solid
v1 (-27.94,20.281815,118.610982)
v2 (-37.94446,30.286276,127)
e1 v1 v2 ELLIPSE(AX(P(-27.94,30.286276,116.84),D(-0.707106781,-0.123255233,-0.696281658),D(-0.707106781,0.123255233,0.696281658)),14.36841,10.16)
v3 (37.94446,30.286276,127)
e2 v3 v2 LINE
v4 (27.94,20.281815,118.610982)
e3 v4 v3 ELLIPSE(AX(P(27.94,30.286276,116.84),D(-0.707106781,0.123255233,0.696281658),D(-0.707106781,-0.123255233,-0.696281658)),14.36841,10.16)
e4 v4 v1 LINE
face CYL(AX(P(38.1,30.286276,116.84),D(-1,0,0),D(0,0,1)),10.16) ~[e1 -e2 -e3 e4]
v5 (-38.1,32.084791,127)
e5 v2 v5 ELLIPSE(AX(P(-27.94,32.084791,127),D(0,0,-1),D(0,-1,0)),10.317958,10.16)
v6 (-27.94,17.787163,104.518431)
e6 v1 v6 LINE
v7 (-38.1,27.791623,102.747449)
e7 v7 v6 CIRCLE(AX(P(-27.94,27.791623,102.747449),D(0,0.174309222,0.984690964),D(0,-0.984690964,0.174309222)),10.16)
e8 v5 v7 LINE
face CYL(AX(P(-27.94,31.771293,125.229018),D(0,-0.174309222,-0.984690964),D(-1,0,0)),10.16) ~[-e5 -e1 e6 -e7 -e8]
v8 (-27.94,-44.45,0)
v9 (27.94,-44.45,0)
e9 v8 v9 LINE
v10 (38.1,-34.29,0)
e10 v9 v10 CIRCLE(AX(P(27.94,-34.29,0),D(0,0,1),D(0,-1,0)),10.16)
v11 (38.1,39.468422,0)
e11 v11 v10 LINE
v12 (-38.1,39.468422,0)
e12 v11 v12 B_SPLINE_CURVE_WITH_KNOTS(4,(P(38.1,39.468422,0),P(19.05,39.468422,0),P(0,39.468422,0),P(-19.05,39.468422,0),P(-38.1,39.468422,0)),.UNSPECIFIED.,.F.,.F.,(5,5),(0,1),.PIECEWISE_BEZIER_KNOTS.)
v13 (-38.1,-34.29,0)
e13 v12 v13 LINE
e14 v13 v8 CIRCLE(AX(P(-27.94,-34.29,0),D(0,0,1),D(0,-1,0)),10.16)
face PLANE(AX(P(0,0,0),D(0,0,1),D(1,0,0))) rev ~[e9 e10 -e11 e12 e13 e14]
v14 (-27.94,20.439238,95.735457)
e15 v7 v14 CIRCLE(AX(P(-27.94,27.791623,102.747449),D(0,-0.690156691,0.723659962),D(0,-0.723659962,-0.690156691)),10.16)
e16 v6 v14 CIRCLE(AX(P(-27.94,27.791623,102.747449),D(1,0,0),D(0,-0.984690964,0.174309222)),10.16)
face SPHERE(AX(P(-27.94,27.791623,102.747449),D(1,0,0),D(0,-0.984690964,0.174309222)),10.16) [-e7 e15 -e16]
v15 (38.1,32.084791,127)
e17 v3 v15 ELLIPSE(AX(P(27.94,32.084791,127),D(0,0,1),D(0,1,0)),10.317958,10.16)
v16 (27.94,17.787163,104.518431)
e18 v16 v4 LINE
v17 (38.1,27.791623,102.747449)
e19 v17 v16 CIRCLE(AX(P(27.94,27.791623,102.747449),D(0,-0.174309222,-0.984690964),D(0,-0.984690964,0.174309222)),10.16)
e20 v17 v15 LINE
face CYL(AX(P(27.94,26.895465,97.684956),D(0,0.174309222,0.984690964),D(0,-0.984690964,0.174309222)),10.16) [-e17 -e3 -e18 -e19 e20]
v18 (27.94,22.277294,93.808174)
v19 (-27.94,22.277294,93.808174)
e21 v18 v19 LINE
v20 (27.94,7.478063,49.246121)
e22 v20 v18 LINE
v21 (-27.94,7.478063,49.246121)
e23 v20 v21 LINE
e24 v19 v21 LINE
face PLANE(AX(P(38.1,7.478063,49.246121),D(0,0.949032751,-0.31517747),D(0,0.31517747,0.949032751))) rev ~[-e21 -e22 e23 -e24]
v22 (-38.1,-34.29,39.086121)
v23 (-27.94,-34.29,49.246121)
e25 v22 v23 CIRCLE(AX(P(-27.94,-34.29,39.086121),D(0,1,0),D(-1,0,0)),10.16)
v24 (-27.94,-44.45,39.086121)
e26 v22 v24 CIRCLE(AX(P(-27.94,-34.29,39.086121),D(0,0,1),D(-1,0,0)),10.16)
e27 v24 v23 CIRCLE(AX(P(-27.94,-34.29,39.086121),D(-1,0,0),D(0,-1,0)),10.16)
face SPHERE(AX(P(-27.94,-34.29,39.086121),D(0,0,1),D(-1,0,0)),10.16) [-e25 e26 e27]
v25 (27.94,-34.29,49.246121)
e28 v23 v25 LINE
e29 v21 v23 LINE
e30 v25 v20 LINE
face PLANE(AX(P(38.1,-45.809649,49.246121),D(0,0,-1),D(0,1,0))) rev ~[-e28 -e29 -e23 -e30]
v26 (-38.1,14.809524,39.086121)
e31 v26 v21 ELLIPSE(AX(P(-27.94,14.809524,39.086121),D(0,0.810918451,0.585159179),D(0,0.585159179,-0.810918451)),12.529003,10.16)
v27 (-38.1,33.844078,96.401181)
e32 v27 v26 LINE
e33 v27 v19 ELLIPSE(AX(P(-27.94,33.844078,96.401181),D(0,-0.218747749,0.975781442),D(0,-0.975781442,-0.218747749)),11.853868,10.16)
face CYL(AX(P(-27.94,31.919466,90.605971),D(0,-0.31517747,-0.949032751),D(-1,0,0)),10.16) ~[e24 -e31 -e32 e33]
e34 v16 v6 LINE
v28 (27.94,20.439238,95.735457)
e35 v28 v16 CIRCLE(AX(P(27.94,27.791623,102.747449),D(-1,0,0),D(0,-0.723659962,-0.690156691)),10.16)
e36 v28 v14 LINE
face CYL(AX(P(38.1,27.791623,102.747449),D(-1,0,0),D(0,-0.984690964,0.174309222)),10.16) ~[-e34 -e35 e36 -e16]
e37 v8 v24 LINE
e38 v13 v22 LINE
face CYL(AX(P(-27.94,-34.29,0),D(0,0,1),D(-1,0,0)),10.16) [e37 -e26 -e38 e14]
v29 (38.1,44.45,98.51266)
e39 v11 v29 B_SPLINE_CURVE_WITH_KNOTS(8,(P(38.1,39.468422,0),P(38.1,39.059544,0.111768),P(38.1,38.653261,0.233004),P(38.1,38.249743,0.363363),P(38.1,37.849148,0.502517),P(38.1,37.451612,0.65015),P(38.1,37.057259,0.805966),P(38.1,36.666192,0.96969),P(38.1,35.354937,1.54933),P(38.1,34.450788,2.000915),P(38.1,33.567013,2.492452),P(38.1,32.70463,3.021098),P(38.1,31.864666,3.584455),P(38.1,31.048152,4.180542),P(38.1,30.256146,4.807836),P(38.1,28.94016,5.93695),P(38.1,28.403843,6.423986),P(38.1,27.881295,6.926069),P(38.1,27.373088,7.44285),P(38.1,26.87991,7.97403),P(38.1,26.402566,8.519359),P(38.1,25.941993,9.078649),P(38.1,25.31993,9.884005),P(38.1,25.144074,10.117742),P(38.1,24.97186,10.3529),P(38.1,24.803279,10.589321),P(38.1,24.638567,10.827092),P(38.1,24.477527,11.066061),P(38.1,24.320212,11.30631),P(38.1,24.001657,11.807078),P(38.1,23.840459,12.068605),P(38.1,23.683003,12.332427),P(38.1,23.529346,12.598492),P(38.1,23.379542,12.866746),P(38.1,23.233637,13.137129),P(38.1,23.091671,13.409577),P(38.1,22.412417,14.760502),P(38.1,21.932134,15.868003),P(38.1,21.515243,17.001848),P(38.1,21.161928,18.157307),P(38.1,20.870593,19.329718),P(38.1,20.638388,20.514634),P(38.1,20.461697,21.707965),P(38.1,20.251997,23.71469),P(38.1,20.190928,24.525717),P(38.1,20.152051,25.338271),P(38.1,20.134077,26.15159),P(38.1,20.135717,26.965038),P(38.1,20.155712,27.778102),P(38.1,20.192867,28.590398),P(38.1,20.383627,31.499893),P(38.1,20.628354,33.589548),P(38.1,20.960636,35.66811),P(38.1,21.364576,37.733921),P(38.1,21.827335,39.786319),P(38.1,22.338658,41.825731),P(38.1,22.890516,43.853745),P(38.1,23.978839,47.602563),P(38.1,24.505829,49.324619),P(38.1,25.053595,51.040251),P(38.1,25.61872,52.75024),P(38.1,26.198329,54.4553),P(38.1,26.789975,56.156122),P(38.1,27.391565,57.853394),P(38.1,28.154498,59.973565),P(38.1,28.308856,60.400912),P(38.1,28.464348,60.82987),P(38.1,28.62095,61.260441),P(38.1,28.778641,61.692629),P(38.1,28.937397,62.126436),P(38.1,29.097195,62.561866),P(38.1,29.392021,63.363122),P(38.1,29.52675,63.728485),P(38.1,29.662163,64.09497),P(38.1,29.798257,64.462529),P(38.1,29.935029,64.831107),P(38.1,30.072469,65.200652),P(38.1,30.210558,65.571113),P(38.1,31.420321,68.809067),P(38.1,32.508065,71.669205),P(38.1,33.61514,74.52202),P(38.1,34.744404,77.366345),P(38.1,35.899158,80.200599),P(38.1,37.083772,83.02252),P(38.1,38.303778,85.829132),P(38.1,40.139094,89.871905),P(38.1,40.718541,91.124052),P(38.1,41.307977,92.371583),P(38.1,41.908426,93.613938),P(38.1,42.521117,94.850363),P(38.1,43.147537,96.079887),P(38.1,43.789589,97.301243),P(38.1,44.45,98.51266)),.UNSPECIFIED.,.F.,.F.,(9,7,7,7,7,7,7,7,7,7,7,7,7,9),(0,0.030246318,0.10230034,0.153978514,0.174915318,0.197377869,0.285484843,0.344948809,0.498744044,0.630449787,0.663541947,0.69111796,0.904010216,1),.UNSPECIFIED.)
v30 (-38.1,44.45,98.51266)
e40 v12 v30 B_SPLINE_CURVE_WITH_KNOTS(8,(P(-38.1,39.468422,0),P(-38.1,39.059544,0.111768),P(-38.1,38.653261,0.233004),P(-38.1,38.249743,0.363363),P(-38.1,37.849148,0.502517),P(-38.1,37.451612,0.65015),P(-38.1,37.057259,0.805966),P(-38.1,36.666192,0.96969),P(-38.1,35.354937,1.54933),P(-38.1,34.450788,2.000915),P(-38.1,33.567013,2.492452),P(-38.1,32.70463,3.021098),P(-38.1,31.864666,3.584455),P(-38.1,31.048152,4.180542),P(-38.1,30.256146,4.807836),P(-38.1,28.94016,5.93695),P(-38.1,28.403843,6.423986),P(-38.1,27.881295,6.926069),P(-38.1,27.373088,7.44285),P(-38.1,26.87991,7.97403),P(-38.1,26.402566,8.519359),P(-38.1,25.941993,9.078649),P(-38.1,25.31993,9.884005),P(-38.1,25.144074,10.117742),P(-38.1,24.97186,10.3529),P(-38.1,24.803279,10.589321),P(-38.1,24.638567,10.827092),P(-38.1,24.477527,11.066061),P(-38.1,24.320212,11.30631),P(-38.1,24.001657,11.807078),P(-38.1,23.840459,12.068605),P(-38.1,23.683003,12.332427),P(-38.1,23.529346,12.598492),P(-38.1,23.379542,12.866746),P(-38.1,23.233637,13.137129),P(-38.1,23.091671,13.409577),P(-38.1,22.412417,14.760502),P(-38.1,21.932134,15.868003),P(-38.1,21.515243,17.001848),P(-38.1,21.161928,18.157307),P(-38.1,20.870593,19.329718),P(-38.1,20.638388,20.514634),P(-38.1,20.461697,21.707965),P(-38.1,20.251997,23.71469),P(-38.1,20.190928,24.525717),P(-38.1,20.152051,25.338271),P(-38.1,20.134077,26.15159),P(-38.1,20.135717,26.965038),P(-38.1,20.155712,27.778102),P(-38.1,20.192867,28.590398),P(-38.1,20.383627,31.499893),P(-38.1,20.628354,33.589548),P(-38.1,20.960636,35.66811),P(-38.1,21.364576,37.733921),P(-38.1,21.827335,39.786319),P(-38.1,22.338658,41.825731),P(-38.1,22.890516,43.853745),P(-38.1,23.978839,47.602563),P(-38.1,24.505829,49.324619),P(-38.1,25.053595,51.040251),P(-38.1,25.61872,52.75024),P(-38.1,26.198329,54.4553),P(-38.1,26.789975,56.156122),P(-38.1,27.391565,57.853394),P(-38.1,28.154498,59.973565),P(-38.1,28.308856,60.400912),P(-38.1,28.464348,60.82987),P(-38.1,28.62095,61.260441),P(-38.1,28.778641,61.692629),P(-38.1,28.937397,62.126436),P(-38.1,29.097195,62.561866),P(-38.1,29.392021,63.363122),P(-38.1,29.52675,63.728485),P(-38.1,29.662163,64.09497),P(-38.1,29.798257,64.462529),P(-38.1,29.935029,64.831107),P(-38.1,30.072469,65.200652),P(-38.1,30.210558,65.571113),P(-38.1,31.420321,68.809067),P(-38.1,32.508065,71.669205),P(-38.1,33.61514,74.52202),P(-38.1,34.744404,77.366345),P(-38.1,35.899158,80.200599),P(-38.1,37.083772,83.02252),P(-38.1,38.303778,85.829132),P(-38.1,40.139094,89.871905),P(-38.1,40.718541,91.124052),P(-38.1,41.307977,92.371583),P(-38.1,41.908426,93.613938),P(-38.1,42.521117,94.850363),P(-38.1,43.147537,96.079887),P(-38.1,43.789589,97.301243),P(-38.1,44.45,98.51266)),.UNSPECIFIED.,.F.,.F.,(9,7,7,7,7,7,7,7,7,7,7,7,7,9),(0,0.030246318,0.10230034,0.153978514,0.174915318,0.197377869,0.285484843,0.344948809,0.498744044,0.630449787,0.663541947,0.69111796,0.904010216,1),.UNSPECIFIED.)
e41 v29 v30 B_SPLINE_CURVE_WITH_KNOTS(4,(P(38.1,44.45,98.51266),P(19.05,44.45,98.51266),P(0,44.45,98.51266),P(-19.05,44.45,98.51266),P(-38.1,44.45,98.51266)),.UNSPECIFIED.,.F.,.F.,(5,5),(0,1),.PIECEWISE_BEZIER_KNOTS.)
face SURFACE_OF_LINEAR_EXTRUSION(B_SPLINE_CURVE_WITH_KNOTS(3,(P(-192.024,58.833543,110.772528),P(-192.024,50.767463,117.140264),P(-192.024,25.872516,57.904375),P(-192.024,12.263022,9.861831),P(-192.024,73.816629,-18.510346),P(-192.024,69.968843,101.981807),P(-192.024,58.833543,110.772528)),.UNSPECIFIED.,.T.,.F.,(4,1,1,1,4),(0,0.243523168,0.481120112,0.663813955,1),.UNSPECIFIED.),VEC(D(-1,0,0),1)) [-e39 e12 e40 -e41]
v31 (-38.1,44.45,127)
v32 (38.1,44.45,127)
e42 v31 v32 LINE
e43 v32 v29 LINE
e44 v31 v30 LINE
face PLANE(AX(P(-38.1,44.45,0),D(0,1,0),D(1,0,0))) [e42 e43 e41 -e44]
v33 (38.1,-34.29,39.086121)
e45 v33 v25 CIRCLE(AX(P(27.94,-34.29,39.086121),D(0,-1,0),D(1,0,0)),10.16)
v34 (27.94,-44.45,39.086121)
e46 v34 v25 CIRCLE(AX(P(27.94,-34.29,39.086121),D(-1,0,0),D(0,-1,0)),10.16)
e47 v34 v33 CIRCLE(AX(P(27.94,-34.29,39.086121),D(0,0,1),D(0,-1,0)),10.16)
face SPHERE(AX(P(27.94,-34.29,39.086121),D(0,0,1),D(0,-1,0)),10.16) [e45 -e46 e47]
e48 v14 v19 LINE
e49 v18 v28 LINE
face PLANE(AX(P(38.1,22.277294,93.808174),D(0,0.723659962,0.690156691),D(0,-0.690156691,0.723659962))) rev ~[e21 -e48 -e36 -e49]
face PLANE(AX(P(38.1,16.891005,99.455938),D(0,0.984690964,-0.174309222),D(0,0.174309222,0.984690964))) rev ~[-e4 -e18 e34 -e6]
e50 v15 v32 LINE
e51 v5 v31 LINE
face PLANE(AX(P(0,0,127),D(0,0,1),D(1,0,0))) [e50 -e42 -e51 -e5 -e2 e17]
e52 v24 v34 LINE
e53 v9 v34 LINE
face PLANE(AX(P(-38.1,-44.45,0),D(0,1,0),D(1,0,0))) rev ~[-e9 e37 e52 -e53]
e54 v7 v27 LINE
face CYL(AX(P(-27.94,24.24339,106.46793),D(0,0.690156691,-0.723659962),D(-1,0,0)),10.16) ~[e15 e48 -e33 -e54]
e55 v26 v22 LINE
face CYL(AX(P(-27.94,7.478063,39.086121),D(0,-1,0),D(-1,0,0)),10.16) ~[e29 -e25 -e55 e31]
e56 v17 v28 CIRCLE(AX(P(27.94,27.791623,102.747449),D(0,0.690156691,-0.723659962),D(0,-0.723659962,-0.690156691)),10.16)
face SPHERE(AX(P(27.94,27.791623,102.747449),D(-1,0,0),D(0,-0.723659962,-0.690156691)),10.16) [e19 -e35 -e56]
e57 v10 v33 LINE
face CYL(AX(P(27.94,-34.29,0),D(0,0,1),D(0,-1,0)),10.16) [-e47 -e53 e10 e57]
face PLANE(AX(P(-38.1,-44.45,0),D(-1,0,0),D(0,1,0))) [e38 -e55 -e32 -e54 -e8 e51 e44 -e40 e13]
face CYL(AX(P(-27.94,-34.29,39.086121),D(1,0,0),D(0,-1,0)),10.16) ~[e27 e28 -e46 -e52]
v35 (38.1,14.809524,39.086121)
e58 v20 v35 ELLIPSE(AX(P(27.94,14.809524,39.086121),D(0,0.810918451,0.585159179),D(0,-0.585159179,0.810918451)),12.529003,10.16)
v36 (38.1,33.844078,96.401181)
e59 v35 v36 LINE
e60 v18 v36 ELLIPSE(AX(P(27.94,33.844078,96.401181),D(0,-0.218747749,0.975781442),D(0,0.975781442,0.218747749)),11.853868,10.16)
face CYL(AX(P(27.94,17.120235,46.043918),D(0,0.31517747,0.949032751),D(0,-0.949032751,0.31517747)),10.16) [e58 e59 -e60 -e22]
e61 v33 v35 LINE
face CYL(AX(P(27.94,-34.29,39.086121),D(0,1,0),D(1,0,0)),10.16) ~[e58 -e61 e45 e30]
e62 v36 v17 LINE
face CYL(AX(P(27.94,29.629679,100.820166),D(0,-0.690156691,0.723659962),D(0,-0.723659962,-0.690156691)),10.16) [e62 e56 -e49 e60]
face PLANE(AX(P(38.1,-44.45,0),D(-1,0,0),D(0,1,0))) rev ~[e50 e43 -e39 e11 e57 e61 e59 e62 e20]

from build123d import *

# Parameters (mm, degrees)
F0_W      = 76.2
F0_H      = 88.9
F1_DEPTH  = 127
F4_R      = 10.16
F5_DEPTH  = 76.201
F7_DEPTH  = 93.98
F10_DEPTH = 239.014
F11_R     = 10.16


with BuildPart() as f1:
    # F0 (on Top) → F1 (new body)
    with BuildSketch(Plane.XY):
        Rectangle(F0_W, F0_H)
    extrude(amount=F1_DEPTH)

    # F4
    f4_edges = [f1.edges().sort_by_distance(p)[0] for p in [
        (-38.1, -44.45, 63.5),
        (38.1, -44.45, 63.5),
    ]]
    fillet(f4_edges, radius=F4_R)

    # F3 (on face) → F5 (cut, through all)
    with BuildSketch(Plane.YZ.offset(38.1)):
        Polygon((-45.809648931, 49.2461211979), (7.4780625291, 49.2461211979), (22.2772937268, 93.8081741333), (16.8910045177, 99.4559377432), (22.2772937268, 129.883646965), (-45.809648931, 129.883646965), align=None)
    extrude(amount=-F5_DEPTH, mode=Mode.SUBTRACT)

    # F6 (on face) → F7 (cut)
    with BuildSketch(Plane(origin=(-38.1, 0, 0), x_dir=(0, -1, 0), z_dir=(-1, 0, 0))):
        with BuildLine():
            add(Edge.make_bspline(
                [(-48.9771775901, 121.8602433801), (-46.9556517053, 122.0553146871), (-45.5208898805, 120.6970387614), (-44.45, 118.2441702513)],
                knots=[0, 0, 0, 0, 0.0422373961, 0.0422373961, 0.0422373961, 0.0422373961], degree=3))
            add(Edge.make_bspline(
                [(-41.446827352, 0), (-59.6918978557, -6.5861209891), (-127.8152635251, 4.6198323194), (-62.2027540723, 120.584014117), (-48.9771775901, 121.8602433801)],
                knots=[0.5271103159, 0.5271103159, 0.5271103159, 0.5271103159, 0.7236671981, 1, 1, 1, 1], degree=3))
            Line((-41.446827352, 0), (-44.45, 0))
            Line((-44.45, 0), (-44.45, 118.2441702513))
        make_face()
    extrude(amount=-F7_DEPTH, mode=Mode.SUBTRACT)

    # F9 (on offset) → F10 (cut)
    with BuildSketch(Plane.YZ.offset(-192.024)):
        with BuildLine():
            add(Edge.make_bspline(
                [(58.8335432112, 110.7725277543), (50.7674633443, 117.1402640213), (25.8725163169, 57.9043750617), (12.2630217786, 9.8618308242), (73.8166292381, -18.5103461722), (69.968843038, 101.9818073895), (58.8335432112, 110.7725277543)],
                knots=[0, 0, 0, 0, 0.243523168, 0.4811201123, 0.6638139549, 1, 1, 1, 1], degree=3))
        make_face()
    extrude(amount=F10_DEPTH, mode=Mode.SUBTRACT)

    # F11
    f11_edges = [f1.edges().sort_by_distance(p)[0] for p in [
        (0, 16.891005, 99.455938),
        (-38.1, 14.877678, 71.527148),
        (38.1, 14.877678, 71.527148),
        (-38.1, -13.405969, 49.246121),
        (-38.1, 19.328919, 113.227969),
        (-38.1, 19.584149, 96.632056),
        (38.1, 19.584149, 96.632056),
        (38.1, 19.328919, 113.227969),
        (0, 21.766833, 127),
    ]]
    fillet(f11_edges, radius=F11_R)


solid = f1.part
